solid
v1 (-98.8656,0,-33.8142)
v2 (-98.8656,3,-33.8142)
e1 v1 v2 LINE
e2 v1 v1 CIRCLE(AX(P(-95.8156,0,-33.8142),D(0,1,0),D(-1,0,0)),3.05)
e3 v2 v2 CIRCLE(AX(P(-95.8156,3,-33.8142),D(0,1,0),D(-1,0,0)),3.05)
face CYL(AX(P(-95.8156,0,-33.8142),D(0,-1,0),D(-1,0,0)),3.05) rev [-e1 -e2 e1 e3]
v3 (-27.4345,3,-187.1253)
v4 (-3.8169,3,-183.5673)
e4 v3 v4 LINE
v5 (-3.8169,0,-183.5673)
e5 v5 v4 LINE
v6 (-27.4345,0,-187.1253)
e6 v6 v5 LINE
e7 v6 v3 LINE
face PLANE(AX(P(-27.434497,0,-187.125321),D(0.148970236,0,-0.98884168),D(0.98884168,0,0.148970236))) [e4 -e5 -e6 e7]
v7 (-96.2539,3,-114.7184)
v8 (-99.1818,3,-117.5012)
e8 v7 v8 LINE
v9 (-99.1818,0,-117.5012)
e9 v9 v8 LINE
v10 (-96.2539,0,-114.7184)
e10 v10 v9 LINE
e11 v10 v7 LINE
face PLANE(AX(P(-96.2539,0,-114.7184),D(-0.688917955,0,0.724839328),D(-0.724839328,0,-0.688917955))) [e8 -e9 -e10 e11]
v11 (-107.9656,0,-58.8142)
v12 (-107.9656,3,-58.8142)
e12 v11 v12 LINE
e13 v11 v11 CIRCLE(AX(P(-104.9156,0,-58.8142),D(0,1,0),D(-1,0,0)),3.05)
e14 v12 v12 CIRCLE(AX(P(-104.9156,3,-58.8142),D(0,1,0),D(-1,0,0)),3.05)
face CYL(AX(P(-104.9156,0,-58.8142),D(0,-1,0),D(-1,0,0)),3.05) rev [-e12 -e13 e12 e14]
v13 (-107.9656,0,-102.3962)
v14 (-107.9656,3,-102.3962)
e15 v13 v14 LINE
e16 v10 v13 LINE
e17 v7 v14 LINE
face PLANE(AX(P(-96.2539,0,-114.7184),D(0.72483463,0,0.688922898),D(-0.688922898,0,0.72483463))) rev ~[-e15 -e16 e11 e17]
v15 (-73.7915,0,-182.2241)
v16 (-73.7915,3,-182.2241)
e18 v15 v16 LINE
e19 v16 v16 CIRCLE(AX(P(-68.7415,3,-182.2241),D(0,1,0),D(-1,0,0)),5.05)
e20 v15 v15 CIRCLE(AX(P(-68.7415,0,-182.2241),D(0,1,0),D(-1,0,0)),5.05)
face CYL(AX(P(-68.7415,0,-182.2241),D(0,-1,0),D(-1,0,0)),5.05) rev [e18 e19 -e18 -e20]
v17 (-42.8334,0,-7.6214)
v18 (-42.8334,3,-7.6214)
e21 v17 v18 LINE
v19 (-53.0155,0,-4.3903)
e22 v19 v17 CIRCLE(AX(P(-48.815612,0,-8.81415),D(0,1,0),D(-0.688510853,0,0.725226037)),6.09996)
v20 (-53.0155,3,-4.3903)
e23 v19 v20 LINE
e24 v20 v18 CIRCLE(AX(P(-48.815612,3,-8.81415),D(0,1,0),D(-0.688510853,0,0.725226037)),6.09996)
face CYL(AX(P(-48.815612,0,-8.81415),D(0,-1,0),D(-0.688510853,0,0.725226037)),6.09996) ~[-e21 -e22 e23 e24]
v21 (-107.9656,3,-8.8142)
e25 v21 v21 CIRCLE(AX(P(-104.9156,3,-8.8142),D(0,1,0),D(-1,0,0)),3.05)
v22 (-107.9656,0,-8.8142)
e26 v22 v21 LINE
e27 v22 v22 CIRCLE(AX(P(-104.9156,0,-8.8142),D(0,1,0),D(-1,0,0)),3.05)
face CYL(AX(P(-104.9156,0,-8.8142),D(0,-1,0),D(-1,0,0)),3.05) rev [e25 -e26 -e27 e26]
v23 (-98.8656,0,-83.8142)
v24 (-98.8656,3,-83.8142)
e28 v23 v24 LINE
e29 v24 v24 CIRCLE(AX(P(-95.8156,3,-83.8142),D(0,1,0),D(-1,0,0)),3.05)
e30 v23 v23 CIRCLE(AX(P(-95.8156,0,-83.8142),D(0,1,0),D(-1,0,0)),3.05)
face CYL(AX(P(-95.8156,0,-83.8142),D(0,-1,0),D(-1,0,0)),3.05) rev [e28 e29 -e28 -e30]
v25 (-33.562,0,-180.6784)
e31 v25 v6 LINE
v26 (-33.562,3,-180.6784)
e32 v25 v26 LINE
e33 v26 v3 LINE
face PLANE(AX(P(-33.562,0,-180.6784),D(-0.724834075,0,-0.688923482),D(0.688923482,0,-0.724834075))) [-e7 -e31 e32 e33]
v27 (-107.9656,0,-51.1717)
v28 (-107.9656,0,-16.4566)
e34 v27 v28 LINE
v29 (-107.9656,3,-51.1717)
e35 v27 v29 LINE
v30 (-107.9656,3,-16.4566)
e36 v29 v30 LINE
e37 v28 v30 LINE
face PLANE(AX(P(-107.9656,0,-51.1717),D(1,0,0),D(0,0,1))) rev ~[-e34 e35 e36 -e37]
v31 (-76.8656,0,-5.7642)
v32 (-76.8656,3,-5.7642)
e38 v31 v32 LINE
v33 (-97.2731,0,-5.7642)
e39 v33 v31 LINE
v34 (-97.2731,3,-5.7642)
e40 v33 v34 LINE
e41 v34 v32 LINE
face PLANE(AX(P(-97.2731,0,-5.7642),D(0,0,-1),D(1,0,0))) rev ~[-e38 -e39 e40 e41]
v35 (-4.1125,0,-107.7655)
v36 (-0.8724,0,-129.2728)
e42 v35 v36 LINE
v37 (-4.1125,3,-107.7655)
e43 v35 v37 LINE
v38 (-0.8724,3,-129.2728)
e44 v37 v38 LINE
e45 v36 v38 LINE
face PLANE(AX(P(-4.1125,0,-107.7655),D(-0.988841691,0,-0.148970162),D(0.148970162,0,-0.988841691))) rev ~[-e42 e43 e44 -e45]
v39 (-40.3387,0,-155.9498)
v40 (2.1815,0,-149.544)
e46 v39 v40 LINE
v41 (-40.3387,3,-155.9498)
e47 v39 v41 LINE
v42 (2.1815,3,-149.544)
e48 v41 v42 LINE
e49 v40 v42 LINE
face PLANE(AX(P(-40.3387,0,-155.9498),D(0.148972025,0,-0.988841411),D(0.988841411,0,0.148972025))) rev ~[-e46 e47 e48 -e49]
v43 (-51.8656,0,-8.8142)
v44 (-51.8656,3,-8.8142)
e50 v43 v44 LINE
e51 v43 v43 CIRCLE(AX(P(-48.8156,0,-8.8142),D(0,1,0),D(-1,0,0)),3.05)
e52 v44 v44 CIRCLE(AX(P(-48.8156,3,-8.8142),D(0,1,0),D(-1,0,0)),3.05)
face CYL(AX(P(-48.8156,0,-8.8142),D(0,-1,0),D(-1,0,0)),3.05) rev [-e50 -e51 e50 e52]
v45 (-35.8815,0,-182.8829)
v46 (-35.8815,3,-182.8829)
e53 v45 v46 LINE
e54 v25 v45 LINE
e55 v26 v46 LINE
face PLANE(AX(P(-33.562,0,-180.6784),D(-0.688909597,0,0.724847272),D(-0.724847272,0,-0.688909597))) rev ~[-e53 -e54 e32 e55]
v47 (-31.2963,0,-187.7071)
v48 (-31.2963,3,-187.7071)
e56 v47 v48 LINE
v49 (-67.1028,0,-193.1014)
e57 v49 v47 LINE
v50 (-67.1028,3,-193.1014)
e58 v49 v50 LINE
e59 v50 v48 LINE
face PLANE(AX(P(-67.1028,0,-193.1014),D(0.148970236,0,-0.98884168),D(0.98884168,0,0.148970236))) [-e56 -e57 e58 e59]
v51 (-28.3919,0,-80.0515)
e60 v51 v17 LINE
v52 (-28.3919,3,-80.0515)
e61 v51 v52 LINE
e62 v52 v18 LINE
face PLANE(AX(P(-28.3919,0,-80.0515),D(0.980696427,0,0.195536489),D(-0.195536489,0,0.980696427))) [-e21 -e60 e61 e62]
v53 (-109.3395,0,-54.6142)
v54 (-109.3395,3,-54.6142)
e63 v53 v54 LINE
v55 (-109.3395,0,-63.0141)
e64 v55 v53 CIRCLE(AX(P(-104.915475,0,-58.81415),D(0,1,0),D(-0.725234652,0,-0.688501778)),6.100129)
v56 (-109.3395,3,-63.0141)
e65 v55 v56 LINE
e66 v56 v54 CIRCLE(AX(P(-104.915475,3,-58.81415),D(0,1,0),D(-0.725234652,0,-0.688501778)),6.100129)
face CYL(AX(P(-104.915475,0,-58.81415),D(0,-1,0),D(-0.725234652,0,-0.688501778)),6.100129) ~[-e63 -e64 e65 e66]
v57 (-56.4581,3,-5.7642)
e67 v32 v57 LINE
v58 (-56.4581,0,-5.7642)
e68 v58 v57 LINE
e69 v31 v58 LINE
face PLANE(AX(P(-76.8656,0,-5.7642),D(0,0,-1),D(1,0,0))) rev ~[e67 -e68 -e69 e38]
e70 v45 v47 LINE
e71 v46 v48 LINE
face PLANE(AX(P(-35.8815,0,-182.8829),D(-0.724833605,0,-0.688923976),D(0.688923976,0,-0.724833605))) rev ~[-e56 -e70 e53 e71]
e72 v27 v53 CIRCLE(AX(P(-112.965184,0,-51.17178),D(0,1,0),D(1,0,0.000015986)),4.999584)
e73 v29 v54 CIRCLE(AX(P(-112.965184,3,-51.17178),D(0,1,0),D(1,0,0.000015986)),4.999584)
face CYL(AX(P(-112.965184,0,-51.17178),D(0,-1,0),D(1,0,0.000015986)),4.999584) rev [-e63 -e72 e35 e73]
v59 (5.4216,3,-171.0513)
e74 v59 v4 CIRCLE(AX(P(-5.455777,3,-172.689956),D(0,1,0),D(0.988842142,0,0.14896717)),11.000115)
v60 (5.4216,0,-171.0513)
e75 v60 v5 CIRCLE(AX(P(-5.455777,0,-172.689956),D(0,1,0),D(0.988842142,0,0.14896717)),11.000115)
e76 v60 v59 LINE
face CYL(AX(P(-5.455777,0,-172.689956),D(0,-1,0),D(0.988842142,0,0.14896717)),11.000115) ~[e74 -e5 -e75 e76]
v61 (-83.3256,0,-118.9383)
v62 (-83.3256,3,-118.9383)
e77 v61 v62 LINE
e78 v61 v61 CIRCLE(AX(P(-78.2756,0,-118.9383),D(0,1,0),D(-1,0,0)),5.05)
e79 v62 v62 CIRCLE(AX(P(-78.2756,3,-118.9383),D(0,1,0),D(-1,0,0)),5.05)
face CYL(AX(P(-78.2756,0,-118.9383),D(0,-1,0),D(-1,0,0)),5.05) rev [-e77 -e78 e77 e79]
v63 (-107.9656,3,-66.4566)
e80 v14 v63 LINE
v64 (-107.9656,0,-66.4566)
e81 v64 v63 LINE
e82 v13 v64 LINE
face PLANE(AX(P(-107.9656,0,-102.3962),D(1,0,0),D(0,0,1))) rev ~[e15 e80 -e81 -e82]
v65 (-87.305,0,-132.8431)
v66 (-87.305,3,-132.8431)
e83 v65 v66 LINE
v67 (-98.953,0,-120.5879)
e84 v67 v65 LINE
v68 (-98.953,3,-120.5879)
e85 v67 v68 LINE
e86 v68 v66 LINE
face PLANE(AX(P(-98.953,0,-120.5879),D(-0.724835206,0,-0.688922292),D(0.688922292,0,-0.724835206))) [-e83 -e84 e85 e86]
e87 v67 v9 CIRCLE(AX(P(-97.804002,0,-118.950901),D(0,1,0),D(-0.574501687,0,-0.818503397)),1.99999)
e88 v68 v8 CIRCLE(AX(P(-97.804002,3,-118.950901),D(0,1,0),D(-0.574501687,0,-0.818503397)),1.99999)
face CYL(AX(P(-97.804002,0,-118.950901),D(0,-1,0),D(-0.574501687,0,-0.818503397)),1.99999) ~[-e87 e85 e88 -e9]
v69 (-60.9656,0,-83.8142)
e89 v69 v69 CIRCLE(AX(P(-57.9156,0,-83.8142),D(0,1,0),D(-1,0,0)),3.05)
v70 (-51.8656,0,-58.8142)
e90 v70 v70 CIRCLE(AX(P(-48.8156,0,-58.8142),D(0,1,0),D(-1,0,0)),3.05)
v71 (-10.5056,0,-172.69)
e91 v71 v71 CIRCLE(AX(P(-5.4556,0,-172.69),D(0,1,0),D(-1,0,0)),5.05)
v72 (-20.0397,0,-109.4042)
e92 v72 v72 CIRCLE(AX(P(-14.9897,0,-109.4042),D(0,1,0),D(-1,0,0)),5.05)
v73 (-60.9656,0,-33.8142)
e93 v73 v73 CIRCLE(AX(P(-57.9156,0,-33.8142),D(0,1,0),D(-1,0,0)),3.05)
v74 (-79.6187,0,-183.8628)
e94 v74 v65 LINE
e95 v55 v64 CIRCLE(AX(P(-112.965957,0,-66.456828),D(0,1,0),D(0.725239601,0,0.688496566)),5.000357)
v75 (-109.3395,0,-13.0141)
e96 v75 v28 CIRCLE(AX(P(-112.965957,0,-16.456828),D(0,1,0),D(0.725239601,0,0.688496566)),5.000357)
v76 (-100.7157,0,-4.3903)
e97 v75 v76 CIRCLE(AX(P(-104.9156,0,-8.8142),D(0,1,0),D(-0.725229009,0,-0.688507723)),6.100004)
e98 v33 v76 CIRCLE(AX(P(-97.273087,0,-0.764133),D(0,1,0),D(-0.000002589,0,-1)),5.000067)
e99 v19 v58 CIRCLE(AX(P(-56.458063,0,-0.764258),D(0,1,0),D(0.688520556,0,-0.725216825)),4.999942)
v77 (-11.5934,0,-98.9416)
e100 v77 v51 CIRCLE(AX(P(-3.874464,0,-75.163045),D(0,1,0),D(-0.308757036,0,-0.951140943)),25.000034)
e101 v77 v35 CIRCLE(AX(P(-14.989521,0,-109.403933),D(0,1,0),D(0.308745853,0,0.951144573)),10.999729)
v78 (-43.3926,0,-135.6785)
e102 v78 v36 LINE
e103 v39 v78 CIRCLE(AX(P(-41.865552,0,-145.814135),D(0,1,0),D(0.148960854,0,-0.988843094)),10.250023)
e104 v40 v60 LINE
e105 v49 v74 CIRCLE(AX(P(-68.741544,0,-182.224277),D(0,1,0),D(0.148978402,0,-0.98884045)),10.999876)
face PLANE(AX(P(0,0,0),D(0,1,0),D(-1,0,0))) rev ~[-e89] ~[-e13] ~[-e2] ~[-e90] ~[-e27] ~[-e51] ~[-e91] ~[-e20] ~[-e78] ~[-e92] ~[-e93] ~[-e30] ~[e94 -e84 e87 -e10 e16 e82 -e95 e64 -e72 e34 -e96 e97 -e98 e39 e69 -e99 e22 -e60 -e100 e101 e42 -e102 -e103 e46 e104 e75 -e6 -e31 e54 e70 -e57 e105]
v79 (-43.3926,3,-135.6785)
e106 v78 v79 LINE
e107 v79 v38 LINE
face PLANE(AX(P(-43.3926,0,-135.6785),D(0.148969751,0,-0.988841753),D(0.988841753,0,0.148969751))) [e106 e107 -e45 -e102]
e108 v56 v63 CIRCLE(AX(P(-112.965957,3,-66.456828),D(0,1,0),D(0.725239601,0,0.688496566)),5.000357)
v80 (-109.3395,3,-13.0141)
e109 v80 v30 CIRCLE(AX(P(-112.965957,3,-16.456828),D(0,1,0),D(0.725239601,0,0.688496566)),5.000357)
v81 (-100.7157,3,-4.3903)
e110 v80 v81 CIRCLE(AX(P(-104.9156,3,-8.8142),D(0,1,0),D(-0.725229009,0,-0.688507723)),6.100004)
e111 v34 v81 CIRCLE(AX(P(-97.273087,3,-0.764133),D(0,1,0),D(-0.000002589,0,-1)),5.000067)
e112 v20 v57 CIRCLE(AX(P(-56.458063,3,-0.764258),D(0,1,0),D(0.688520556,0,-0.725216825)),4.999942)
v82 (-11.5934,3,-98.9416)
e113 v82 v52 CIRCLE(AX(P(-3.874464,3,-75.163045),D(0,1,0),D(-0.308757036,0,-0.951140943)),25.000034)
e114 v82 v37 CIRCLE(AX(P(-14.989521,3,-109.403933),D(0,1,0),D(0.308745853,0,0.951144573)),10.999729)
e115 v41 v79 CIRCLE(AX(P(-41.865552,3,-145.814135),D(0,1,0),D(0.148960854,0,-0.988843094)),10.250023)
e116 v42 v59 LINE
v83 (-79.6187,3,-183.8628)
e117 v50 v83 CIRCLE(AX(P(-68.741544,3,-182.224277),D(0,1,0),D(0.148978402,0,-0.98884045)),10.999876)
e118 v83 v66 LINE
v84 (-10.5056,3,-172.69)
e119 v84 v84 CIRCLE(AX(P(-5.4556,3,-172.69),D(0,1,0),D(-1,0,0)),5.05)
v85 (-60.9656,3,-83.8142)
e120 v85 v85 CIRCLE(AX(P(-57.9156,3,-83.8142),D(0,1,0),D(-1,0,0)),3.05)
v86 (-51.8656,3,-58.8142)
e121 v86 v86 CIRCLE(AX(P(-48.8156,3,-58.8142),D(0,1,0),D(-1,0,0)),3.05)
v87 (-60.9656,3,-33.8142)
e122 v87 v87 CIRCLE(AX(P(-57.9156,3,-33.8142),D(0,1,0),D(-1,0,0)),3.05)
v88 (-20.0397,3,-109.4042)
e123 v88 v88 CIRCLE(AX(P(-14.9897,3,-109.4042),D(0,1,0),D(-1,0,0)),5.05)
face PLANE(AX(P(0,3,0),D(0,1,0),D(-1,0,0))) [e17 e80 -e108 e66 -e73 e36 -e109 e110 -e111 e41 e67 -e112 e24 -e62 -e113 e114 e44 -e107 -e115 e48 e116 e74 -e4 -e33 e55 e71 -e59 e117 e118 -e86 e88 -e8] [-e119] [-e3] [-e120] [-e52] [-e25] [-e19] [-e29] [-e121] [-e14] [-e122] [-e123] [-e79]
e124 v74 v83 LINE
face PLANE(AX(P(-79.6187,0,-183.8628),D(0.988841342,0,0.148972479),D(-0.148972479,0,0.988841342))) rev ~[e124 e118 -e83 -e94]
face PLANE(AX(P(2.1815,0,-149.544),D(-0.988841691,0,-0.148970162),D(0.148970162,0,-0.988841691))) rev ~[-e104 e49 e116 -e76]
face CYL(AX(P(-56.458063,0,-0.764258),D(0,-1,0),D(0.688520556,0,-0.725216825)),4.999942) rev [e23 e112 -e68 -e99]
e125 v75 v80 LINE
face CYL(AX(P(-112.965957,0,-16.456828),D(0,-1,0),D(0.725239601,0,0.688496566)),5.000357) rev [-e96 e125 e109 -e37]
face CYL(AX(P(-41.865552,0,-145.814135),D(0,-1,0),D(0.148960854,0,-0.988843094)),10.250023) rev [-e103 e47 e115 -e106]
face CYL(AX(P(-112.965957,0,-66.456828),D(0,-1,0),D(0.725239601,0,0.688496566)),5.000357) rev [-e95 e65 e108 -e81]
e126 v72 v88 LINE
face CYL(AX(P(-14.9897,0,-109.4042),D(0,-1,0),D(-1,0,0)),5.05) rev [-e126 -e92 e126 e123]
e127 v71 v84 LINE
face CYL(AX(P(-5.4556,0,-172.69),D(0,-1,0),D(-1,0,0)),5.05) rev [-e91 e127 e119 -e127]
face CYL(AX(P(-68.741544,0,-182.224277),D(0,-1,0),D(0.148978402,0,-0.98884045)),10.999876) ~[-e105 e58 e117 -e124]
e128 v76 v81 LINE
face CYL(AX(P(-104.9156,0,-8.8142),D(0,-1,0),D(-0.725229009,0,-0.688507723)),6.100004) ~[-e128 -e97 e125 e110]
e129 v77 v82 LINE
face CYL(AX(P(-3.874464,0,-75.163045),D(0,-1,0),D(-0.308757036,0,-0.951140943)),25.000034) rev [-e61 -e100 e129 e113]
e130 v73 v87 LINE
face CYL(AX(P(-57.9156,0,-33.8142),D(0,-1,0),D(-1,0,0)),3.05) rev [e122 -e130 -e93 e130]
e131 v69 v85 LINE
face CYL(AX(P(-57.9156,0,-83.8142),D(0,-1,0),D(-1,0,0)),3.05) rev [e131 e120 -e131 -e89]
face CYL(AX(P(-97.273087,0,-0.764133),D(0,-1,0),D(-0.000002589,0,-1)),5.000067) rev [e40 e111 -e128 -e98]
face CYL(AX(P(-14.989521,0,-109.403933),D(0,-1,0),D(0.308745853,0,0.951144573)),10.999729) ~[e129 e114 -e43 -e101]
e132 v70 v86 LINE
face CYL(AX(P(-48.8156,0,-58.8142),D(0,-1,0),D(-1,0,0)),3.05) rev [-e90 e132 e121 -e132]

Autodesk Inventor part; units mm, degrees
ref_plane "YZ Plane" through (0, 0, 0) normal (1, 0, 0) x (0, 1, 0)
ref_plane "XZ Plane" through (0, 0, 0) normal (0, 1, 0) x (-1, 0, 0)
ref_plane "XY Plane" through (0, 0, 0) normal (0, 0, 1) x (1, 0, 0)
sketch "Эскиз1" plane through (0, 0, 0) normal (0, 1, 0) x (-1, 0, 0)
  arc A0 (40.3387, -155.9498) -> (43.3926, -135.6785) centre (41.8656, -145.8142) ccw
  line L0 (111.6413, -108.8142) -> (38.7953, -108.8142) construction
  line L1 (76.8656, 21.9817) -> (76.8656, -112.0617)
  circle A1 centre (48.8156, -8.8142) radius 3.05
  circle A2 centre (57.9156, -33.8142) radius 3.05
  circle A3 centre (48.8156, -58.8142) radius 3.05
  circle A4 centre (57.9156, -83.8142) radius 3.05
  circle A5 centre (95.8156, -83.8142) radius 3.05
  circle A6 centre (104.9156, -58.8142) radius 3.05
  circle A7 centre (95.8156, -33.8142) radius 3.05
  circle A8 centre (104.9156, -8.8142) radius 3.05
  arc A9 (53.0155, -4.3903) -> (42.8334, -7.6214) centre (48.8156, -8.8142) ccw
  arc A10 (109.3395, -13.0141) -> (100.7157, -4.3903) centre (104.9156, -8.8142) ccw
  arc A11 (109.3395, -63.0141) -> (109.3395, -54.6142) centre (104.9156, -58.8142) ccw
  line L2 (107.9656, -102.3962) -> (107.9656, -66.4566)
  line L3 (107.9656, -51.1717) -> (107.9656, -16.4566)
  line L4 (97.2731, -5.7642) -> (56.4581, -5.7642)
  line L5 (28.3919, -80.0515) -> (42.8334, -7.6214)
  circle A12 centre (41.8656, -145.8142) radius 18 construction
  line L6 (101.8656, -108.8142) -> (101.8656, -72.3334) construction
  line L7 (101.8656, -108.8142) -> (33.562, -180.6784) construction
  line L8 (51.8656, -108.8142) -> (51.8656, -72.3334) construction
  line L9 (96.2539, -114.7184) -> (107.9656, -102.3962)
  line L10 (96.2539, -114.7184) -> (99.1818, -117.5012)
  arc A13 (98.953, -120.5879) -> (99.1818, -117.5012) centre (97.804, -118.9509) ccw
  circle A14 centre (41.8656, -145.8142) radius 45.2548 construction
  circle A15 centre (14.9897, -109.4042) radius 5.05
  circle A16 centre (5.4556, -172.69) radius 5.05
  arc A17 (-5.4216, -171.0513) -> (3.8169, -183.5673) centre (5.4556, -172.69) ccw
  line L11 (98.953, -120.5879) -> (87.305, -132.8431)
  arc A18 (109.3395, -63.0141) -> (107.9656, -66.4566) centre (112.9656, -66.4566) ccw
  arc A19 (107.9656, -51.1717) -> (109.3395, -54.6142) centre (112.9656, -51.1717) ccw
  arc A20 (109.3395, -13.0141) -> (107.9656, -16.4566) centre (112.9656, -16.4566) ccw
  arc A21 (97.2731, -5.7642) -> (100.7157, -4.3903) centre (97.2731, -0.7642) ccw
  arc A22 (53.0155, -4.3903) -> (56.4581, -5.7642) centre (56.4581, -0.7642) ccw
  circle A23 centre (68.7415, -182.2241) radius 5.05
  circle A24 centre (78.2756, -118.9383) radius 5.05
  arc A25 (67.1028, -193.1014) -> (79.6187, -183.8628) centre (68.7415, -182.2241) ccw
  arc A26 (11.5934, -98.9416) -> (4.1125, -107.7655) centre (14.9897, -109.4042) ccw
  line L12 (78.2756, -118.9383) -> (78.2756, -108.8142) construction
  line L13 (78.2756, -118.9383) -> (85.6139, -125.913) construction
  line L14 (67.1028, -193.1014) -> (3.8169, -183.5673)
  line L15 (79.6187, -183.8628) -> (87.305, -132.8431)
  arc A27 (82.6506, -129.0308) -> (83.6843, -128.5167) centre (78.2756, -118.9383) ccw
  arc A28 (11.5934, -98.9416) -> (28.3919, -80.0515) centre (3.8745, -75.1631) ccw
  line L16 (43.3926, -135.6785) -> (0.8724, -129.2728)
  line L17 (40.3387, -155.9498) -> (-2.1815, -149.544)
  line L18 (4.1125, -107.7655) -> (0.8724, -129.2728)
  line L19 (-2.1815, -149.544) -> (-5.4216, -171.0513)
  line L20 (33.562, -180.6784) -> (35.8815, -182.8829)
  line L21 (35.8815, -182.8829) -> (31.2963, -187.7071)
  line L22 (33.562, -180.6784) -> (27.4345, -187.1253)
  point P0 (0, 0)
  point P1 (107.9656, -64.0969)
  point P2 (107.9656, -53.5314)
  point P3 (107.9656, -14.0969)
  point P4 (99.6329, -5.7642)
  point P5 (54.0984, -5.7642)
  point P6 (100.603, -118.8519)
  point P7 (21.7907, -113.1589)
  point P8 (80.5833, -139.9152)
  point P9 (85.6933, -134.5388)
  dimension "d4" = 37.9
  dimension "d5" = 56.1
  dimension "d6" = 6.1
  dimension "d7" = 50
  dimension "d8" = 50
  dimension "d9" = 25
  dimension "d10" = 50
  dimension "d11" = 37.9
  dimension "d12" = 56.1
  dimension "d15" = 35
  dimension "d16" = 37
  dimension "d17" = 20.5
  dimension "d20" = 12.2
  dimension "d21" = 12.2
  dimension "d24" = 3.05
  dimension "d26" = 36
  dimension "d29" = 50
  dimension "d33" = 10.1
  dimension "d36" = 360
  dimension "d38" = 64
  dimension "d44" = 22
  dimension "d45" = 6
  dimension "d49" = 17
  dimension "d52" = 5
  dimension "d54" = 25
  dimension "d55" = 3.2
  dimension "d56" = 91
extrude "Выдавливание1" add sketch "Эскиз1" along normal blind 3 contours A0 L16 L18 A26 A28 L5 A9 A22 L4 A21 A10 A20 L3 A19 A11 A18 L2 L9 L10 A13 L11 L15 A25 L14 L21 L20 L22 A17 L19 L17
sketch "Эскиз2" plane through (0, 3, 0) normal (0, 1, 0) x (1, 0, 0)
  line L0 (-107.9656, 102.3962) -> (-107.9656, 66.4566) projected
  arc A0 (-109.3395, 63.0141) -> (-109.3395, 54.6142) centre (-104.9156, 58.8142) ccw projected
  line L1 (-107.9656, 51.1717) -> (-107.9656, 16.4566) projected
  arc A1 (-109.3395, 13.0141) -> (-100.7157, 4.3903) centre (-104.9156, 8.8142) ccw projected
  line L2 (-97.2731, 5.7642) -> (-56.4581, 5.7642) projected
  arc A2 (-53.0155, 4.3903) -> (-42.8334, 7.6214) centre (-48.8156, 8.8142) ccw projected
  line L3 (-42.8334, 7.6214) -> (-28.3919, 80.0515) projected
  arc A3 (5.4216, 171.0513) -> (-3.8169, 183.5673) centre (-5.4556, 172.69) ccw projected
  line L4 (-87.305, 132.8431) -> (-98.953, 120.5879) projected
  arc A4 (-98.953, 120.5879) -> (-99.1818, 117.5012) centre (-97.804, 118.9509) ccw projected
  line L5 (-99.1818, 117.5012) -> (-96.2539, 114.7184) projected
  line L6 (-96.2539, 114.7184) -> (-107.9656, 102.3962) projected
  circle A5 centre (-95.8156, 33.8142) radius 3.05 projected
  circle A6 centre (-95.8156, 83.8142) radius 3.05 projected
  circle A7 centre (-57.9156, 83.8142) radius 3.05 projected
  circle A8 centre (-48.8156, 58.8142) radius 3.05 projected
  circle A9 centre (-57.9156, 33.8142) radius 3.05 projected
  arc A10 (-40.3387, 155.9498) -> (-43.3926, 135.6785) centre (-41.8656, 145.8142) ccw projected
  circle A11 centre (-5.4556, 172.69) radius 5.05 projected
  circle A12 centre (-14.9897, 109.4042) radius 5.05 projected
  circle A13 centre (-104.9156, 8.8142) radius 3.05 projected
  circle A14 centre (-104.9156, 58.8142) radius 3.05 projected
  circle A15 centre (-48.8156, 8.8142) radius 3.05 projected
  arc A16 (-109.3395, 63.0141) -> (-107.9656, 66.4566) centre (-112.9656, 66.4566) ccw projected
  arc A17 (-107.9656, 51.1717) -> (-109.3395, 54.6142) centre (-112.9656, 51.1717) ccw projected
  arc A18 (-109.3395, 13.0141) -> (-107.9656, 16.4566) centre (-112.9656, 16.4566) ccw projected
  arc A19 (-97.2731, 5.7642) -> (-100.7157, 4.3903) centre (-97.2731, 0.7642) ccw projected
  arc A20 (-53.0155, 4.3903) -> (-56.4581, 5.7642) centre (-56.4581, 0.7642) ccw projected
  arc A21 (-11.5934, 98.9416) -> (-28.3919, 80.0515) centre (-3.8745, 75.1631) ccw projected
  arc A22 (-11.5934, 98.9416) -> (-4.1125, 107.7655) centre (-14.9897, 109.4042) ccw projected
  line L7 (-4.1125, 107.7655) -> (-0.8724, 129.2728) projected
  line L8 (-0.8724, 129.2728) -> (-43.3926, 135.6785) projected
  line L9 (-40.3387, 155.9498) -> (2.1815, 149.544) projected
  line L10 (2.1815, 149.544) -> (5.4216, 171.0513) projected
  line L11 (-3.8169, 183.5673) -> (-27.4345, 187.1253) projected
  arc A23 (-67.1028, 193.1014) -> (-79.6187, 183.8628) centre (-68.7415, 182.2241) ccw projected
  line L12 (-79.6187, 183.8628) -> (-87.305, 132.8431) projected
  line L13 (-27.4345, 187.1253) -> (-33.562, 180.6784) projected
  line L14 (-33.562, 180.6784) -> (-35.8815, 182.8829) projected
  line L15 (-35.8815, 182.8829) -> (-31.2963, 187.7071) projected
  line L16 (-31.2963, 187.7071) -> (-67.1028, 193.1014) projected
  point P0 (0, 0)
equation "\"d4\" = -d_main_screw_holes + hight_profile_femur - 2 * thickness_profile_femur"
equation "\"d5\" = hight_profile_femur + d_main_screw_holes"
equation "\"d6\" = d_main_screw_holes"
equation "\"d11\" = -d_main_screw_holes + hight_profile_femur - 2 * thickness_profile_femur"
equation "\"d12\" = hight_profile_femur + d_main_screw_holes"
equation "\"d15\" = width_shaft_shift"
equation "\"d20\" = 2 * d_main_screw_holes"
equation "\"d21\" = 2 * d_main_screw_holes"
equation "\"d24\" = 0.5 * d_main_screw_holes"
equation "\"d29\" = width_profile_femur"
equation "\"d2\" = thickness_steel"
equation "\"tolerance_plazma\" = 0.1"
equation "\"thickness_steel\" = 3"
equation "\"d_main_screw_holes\" = 6.1"
equation "\"thickness_profile_tibea\" = 3"
equation "\"hight_shaft_shift\" = 37"
equation "\"thickness_profile_femur\" = 3"
equation "\"width_profile_femur\" = 50"
equation "\"width_shaft_shift\" = 35"
equation "\"hight_profile_femur\" = 50"
equation "\"width_flattened_surface\" = 12"
properties part number "femur_support_steel" material "Сталь"
